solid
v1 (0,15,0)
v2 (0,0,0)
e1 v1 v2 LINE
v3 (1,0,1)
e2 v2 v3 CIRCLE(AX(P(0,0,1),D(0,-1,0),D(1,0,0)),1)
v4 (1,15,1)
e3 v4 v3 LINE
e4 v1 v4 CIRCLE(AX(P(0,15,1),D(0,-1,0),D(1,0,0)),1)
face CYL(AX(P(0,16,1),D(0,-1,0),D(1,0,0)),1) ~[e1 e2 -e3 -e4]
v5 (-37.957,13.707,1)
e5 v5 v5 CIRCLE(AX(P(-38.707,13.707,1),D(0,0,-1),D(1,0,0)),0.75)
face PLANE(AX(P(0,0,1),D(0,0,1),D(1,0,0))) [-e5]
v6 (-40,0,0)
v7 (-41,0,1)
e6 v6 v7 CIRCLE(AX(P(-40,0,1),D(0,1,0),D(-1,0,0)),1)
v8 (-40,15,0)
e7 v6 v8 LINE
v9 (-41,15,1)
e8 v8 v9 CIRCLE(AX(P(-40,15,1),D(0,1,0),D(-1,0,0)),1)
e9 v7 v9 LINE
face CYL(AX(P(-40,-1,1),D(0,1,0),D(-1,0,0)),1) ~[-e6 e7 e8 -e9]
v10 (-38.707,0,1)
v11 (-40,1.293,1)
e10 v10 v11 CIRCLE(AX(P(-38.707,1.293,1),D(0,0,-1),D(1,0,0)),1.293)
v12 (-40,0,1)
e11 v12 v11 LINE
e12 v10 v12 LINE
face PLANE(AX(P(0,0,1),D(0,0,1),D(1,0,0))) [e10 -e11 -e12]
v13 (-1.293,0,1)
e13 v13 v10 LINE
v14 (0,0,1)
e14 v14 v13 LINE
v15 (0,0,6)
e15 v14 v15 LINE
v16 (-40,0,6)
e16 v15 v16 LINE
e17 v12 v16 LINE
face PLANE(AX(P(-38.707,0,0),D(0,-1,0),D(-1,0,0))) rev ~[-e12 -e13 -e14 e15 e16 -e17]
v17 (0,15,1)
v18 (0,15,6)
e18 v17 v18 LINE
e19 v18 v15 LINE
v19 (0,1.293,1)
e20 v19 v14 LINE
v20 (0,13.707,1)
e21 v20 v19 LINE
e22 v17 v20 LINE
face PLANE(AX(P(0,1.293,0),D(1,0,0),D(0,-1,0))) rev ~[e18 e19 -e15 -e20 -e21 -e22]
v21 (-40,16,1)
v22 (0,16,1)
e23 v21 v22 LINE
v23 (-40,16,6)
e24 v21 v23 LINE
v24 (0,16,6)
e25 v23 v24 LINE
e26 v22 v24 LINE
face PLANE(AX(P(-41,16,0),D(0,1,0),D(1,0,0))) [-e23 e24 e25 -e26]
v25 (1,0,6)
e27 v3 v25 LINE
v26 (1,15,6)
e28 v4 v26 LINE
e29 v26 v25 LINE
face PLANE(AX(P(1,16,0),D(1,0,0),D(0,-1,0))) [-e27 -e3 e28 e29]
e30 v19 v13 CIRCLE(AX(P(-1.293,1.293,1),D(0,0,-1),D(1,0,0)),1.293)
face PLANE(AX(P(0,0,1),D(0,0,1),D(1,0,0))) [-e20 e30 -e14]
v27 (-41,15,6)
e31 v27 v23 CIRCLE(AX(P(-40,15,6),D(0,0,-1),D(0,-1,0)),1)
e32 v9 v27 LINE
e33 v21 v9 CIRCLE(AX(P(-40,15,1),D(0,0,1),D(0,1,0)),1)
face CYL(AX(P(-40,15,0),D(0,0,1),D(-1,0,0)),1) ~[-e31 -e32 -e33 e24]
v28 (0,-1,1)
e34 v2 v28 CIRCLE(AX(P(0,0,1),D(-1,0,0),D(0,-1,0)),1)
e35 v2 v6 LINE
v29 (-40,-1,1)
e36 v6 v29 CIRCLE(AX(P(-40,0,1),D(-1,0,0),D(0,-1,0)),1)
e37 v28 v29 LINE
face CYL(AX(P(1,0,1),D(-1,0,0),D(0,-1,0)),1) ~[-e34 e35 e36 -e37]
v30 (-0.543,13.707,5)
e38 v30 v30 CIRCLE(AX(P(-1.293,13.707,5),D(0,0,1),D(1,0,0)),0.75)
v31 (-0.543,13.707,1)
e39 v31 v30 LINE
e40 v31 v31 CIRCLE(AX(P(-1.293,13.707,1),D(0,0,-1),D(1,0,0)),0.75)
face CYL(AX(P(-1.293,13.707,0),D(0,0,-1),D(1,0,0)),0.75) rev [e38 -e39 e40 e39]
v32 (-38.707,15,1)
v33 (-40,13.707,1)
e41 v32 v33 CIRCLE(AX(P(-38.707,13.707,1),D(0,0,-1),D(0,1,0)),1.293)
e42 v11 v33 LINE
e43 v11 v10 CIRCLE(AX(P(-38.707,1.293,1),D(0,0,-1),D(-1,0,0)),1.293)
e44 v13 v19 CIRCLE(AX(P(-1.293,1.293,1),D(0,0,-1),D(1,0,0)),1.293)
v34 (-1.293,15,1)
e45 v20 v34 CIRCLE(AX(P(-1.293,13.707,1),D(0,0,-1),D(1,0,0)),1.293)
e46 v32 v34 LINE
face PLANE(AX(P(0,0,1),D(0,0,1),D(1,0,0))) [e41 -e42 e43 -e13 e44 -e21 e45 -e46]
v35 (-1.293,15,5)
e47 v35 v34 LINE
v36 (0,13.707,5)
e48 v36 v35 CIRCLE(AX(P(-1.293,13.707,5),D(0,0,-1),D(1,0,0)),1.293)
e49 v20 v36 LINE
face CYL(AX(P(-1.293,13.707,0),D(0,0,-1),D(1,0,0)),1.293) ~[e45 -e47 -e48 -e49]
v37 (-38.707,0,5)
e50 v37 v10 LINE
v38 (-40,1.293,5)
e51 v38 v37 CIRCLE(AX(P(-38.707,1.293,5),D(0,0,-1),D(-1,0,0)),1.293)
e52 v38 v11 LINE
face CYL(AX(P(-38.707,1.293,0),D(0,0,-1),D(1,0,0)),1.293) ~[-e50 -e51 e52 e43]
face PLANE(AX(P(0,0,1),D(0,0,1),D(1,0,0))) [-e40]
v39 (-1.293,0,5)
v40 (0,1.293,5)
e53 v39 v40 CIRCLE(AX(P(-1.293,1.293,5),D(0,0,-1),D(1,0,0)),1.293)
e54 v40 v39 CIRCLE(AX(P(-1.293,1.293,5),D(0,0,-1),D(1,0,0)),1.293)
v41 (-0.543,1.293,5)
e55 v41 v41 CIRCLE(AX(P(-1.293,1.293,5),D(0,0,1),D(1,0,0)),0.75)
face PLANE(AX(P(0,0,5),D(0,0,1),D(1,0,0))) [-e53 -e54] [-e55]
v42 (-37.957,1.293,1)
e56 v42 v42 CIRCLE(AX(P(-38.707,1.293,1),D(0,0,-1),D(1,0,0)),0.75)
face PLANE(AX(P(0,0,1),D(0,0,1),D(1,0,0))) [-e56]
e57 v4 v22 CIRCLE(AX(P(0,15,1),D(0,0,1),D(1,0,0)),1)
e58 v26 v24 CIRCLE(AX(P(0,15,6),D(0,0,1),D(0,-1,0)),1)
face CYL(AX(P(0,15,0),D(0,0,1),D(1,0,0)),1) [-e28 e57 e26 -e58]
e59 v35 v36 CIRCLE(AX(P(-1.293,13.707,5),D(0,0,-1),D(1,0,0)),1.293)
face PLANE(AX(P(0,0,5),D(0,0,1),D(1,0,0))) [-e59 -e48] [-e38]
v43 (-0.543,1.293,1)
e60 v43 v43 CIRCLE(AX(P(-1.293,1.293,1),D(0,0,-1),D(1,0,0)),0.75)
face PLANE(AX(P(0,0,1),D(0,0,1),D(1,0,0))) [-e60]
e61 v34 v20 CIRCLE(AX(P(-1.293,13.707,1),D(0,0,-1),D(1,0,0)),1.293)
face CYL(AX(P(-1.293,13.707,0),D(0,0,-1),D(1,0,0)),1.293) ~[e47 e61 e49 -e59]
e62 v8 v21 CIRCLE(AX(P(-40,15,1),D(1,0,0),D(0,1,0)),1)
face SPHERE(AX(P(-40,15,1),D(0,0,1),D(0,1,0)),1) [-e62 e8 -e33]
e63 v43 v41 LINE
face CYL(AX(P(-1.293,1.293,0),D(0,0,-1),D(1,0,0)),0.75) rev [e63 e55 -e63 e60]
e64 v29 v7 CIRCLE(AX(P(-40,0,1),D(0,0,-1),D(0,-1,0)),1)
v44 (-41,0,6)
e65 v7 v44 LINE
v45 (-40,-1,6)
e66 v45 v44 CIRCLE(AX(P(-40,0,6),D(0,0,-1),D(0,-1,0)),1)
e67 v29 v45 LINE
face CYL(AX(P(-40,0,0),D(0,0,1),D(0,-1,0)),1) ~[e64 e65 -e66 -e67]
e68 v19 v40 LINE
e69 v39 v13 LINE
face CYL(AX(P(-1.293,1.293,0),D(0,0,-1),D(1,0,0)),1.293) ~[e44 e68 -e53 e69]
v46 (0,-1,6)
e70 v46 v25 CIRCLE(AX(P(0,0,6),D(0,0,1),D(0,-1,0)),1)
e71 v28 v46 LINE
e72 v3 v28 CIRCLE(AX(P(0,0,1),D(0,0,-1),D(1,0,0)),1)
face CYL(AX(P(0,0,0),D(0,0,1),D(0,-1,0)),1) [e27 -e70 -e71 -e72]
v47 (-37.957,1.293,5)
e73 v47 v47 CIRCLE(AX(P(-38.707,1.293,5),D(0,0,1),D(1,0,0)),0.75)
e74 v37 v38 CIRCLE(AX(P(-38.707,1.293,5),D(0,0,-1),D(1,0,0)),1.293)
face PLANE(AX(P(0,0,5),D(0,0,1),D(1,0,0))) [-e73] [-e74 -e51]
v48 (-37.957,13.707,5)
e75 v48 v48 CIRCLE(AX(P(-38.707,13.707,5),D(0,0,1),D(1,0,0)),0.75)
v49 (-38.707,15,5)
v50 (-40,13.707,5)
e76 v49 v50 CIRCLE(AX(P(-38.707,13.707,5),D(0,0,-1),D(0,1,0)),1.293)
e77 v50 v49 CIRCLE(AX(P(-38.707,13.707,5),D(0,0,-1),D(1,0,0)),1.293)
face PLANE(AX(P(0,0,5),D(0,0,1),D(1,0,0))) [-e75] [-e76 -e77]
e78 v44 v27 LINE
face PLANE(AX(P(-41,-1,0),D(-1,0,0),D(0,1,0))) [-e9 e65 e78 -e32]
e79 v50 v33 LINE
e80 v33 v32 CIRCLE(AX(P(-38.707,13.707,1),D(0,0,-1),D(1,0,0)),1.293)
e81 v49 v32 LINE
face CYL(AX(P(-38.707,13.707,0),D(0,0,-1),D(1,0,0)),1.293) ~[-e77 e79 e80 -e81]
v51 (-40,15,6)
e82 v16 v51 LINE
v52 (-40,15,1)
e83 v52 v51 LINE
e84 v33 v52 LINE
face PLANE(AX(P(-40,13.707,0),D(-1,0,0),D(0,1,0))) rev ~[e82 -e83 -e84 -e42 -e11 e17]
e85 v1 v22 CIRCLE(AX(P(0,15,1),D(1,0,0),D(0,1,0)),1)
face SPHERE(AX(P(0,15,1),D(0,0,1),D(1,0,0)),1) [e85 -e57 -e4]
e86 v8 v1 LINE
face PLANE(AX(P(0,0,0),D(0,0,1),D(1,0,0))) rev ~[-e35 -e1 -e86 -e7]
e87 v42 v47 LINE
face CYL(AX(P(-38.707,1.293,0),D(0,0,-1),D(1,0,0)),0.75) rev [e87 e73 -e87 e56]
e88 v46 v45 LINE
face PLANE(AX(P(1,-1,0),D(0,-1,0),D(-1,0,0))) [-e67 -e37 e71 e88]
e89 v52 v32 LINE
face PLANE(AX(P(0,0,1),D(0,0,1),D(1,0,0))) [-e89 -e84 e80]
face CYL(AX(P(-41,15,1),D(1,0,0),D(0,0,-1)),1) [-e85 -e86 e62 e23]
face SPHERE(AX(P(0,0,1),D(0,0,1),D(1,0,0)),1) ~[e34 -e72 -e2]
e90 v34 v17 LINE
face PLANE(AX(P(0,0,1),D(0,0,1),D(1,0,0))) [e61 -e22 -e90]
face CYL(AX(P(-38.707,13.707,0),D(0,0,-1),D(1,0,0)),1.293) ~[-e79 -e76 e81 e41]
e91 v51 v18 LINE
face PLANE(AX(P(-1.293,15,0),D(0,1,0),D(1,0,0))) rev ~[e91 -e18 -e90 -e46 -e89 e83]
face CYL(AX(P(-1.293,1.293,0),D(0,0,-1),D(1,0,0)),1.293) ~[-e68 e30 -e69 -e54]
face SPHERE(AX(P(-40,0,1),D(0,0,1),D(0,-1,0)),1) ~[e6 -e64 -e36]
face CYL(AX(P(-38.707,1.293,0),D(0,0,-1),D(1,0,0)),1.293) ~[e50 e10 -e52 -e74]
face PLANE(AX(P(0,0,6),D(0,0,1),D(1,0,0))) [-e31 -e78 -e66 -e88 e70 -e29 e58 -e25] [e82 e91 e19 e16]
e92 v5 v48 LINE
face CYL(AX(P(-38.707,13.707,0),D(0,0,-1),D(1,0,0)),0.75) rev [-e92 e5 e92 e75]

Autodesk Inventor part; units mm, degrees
ref_plane "YZ Plane" through (0, 0, 0) normal (1, 0, 0) x (0, 1, 0)
ref_plane "XZ Plane" through (0, 0, 0) normal (0, 1, 0) x (-1, 0, 0)
ref_plane "XY Plane" through (0, 0, 0) normal (0, 0, 1) x (1, 0, 0)
sketch "Sketch1" plane through (0, 0, 0) normal (0, 0, 1) x (1, 0, 0)
  line L0 (0, 0) -> (-40, 0)
  line L1 (-40, 0) -> (-40, 15)
  line L2 (-40, 15) -> (0, 15)
  line L3 (0, 15) -> (0, 0)
  line L4 (1, -1) -> (-41, -1)
  line L5 (-41, -1) -> (-41, 16)
  line L6 (-41, 16) -> (1, 16)
  line L7 (1, 16) -> (1, -1)
  circle A0 centre (-1.293, 13.707) radius 0.75
  circle A1 centre (-1.293, 1.293) radius 0.75
  circle A2 centre (-38.707, 1.293) radius 0.75
  circle A3 centre (-38.707, 13.707) radius 0.75
  circle A4 centre (-38.707, 13.707) radius 1.293
  circle A5 centre (-38.707, 1.293) radius 1.293
  circle A6 centre (-1.293, 1.293) radius 1.293
  circle A7 centre (-1.293, 13.707) radius 1.293
  dimension "d0" = 40
  dimension "d1" = 15
  dimension "d2" = 42
  dimension "d3" = 17
  dimension "d4" = 1
  dimension "d6" = 1
  dimension "d7" = 1
  dimension "d8" = 1.5
  dimension "d9" = 1.5
  dimension "d10" = 1.293
  dimension "d11" = 1.293
  dimension "d12" = 1.293
  dimension "d13" = 1.293
  dimension "d14" = 1.5
  dimension "d15" = 1.293
  dimension "d16" = 1.293
  dimension "d17" = 1.5
  dimension "d18" = 1.293
  dimension "d19" = 1.293
extrude "Extrusion1" add sketch "Sketch1" along normal blind 6 contours L4 L5 L6 L7
extrude "Extrusion2" add sketch "Sketch1" along normal blind 1 contours L0 A6 L3 | L0 A5 L1 A4 L2 A7 L3 A6 | A6 | L0 L1 A5 | A5 | A7 L2 L3 | A7 | L1 L2 A4 | A4 | A0 | A1 | A2 | A3
extrude "Extrusion4" add sketch "Sketch1" along normal blind 5 contours A6 | A5 | A7 | A4
thread "Thread1" size "M1.6x0.35" class "6H" standard "ANSI Metric M Profile" full length
thread "Thread2" size "M1.6x0.35" class "6H" standard "ANSI Metric M Profile" full length
thread "Thread3" size "M1.6x0.35" class "6H" standard "ANSI Metric M Profile" full length
thread "Thread4" size "M1.6x0.35" class "6H" standard "ANSI Metric M Profile" full length
fillet "Fillet1" radius 1 8 edges at (1, 16, 3) (-41, 16, 3) (-41, -1, 3) (1, -1, 3) (1, 7.5, 0) (-20, 16, 0) (-20, -1, 0) (-41, 7.5, 0)
properties part number "Bottom part of case"
